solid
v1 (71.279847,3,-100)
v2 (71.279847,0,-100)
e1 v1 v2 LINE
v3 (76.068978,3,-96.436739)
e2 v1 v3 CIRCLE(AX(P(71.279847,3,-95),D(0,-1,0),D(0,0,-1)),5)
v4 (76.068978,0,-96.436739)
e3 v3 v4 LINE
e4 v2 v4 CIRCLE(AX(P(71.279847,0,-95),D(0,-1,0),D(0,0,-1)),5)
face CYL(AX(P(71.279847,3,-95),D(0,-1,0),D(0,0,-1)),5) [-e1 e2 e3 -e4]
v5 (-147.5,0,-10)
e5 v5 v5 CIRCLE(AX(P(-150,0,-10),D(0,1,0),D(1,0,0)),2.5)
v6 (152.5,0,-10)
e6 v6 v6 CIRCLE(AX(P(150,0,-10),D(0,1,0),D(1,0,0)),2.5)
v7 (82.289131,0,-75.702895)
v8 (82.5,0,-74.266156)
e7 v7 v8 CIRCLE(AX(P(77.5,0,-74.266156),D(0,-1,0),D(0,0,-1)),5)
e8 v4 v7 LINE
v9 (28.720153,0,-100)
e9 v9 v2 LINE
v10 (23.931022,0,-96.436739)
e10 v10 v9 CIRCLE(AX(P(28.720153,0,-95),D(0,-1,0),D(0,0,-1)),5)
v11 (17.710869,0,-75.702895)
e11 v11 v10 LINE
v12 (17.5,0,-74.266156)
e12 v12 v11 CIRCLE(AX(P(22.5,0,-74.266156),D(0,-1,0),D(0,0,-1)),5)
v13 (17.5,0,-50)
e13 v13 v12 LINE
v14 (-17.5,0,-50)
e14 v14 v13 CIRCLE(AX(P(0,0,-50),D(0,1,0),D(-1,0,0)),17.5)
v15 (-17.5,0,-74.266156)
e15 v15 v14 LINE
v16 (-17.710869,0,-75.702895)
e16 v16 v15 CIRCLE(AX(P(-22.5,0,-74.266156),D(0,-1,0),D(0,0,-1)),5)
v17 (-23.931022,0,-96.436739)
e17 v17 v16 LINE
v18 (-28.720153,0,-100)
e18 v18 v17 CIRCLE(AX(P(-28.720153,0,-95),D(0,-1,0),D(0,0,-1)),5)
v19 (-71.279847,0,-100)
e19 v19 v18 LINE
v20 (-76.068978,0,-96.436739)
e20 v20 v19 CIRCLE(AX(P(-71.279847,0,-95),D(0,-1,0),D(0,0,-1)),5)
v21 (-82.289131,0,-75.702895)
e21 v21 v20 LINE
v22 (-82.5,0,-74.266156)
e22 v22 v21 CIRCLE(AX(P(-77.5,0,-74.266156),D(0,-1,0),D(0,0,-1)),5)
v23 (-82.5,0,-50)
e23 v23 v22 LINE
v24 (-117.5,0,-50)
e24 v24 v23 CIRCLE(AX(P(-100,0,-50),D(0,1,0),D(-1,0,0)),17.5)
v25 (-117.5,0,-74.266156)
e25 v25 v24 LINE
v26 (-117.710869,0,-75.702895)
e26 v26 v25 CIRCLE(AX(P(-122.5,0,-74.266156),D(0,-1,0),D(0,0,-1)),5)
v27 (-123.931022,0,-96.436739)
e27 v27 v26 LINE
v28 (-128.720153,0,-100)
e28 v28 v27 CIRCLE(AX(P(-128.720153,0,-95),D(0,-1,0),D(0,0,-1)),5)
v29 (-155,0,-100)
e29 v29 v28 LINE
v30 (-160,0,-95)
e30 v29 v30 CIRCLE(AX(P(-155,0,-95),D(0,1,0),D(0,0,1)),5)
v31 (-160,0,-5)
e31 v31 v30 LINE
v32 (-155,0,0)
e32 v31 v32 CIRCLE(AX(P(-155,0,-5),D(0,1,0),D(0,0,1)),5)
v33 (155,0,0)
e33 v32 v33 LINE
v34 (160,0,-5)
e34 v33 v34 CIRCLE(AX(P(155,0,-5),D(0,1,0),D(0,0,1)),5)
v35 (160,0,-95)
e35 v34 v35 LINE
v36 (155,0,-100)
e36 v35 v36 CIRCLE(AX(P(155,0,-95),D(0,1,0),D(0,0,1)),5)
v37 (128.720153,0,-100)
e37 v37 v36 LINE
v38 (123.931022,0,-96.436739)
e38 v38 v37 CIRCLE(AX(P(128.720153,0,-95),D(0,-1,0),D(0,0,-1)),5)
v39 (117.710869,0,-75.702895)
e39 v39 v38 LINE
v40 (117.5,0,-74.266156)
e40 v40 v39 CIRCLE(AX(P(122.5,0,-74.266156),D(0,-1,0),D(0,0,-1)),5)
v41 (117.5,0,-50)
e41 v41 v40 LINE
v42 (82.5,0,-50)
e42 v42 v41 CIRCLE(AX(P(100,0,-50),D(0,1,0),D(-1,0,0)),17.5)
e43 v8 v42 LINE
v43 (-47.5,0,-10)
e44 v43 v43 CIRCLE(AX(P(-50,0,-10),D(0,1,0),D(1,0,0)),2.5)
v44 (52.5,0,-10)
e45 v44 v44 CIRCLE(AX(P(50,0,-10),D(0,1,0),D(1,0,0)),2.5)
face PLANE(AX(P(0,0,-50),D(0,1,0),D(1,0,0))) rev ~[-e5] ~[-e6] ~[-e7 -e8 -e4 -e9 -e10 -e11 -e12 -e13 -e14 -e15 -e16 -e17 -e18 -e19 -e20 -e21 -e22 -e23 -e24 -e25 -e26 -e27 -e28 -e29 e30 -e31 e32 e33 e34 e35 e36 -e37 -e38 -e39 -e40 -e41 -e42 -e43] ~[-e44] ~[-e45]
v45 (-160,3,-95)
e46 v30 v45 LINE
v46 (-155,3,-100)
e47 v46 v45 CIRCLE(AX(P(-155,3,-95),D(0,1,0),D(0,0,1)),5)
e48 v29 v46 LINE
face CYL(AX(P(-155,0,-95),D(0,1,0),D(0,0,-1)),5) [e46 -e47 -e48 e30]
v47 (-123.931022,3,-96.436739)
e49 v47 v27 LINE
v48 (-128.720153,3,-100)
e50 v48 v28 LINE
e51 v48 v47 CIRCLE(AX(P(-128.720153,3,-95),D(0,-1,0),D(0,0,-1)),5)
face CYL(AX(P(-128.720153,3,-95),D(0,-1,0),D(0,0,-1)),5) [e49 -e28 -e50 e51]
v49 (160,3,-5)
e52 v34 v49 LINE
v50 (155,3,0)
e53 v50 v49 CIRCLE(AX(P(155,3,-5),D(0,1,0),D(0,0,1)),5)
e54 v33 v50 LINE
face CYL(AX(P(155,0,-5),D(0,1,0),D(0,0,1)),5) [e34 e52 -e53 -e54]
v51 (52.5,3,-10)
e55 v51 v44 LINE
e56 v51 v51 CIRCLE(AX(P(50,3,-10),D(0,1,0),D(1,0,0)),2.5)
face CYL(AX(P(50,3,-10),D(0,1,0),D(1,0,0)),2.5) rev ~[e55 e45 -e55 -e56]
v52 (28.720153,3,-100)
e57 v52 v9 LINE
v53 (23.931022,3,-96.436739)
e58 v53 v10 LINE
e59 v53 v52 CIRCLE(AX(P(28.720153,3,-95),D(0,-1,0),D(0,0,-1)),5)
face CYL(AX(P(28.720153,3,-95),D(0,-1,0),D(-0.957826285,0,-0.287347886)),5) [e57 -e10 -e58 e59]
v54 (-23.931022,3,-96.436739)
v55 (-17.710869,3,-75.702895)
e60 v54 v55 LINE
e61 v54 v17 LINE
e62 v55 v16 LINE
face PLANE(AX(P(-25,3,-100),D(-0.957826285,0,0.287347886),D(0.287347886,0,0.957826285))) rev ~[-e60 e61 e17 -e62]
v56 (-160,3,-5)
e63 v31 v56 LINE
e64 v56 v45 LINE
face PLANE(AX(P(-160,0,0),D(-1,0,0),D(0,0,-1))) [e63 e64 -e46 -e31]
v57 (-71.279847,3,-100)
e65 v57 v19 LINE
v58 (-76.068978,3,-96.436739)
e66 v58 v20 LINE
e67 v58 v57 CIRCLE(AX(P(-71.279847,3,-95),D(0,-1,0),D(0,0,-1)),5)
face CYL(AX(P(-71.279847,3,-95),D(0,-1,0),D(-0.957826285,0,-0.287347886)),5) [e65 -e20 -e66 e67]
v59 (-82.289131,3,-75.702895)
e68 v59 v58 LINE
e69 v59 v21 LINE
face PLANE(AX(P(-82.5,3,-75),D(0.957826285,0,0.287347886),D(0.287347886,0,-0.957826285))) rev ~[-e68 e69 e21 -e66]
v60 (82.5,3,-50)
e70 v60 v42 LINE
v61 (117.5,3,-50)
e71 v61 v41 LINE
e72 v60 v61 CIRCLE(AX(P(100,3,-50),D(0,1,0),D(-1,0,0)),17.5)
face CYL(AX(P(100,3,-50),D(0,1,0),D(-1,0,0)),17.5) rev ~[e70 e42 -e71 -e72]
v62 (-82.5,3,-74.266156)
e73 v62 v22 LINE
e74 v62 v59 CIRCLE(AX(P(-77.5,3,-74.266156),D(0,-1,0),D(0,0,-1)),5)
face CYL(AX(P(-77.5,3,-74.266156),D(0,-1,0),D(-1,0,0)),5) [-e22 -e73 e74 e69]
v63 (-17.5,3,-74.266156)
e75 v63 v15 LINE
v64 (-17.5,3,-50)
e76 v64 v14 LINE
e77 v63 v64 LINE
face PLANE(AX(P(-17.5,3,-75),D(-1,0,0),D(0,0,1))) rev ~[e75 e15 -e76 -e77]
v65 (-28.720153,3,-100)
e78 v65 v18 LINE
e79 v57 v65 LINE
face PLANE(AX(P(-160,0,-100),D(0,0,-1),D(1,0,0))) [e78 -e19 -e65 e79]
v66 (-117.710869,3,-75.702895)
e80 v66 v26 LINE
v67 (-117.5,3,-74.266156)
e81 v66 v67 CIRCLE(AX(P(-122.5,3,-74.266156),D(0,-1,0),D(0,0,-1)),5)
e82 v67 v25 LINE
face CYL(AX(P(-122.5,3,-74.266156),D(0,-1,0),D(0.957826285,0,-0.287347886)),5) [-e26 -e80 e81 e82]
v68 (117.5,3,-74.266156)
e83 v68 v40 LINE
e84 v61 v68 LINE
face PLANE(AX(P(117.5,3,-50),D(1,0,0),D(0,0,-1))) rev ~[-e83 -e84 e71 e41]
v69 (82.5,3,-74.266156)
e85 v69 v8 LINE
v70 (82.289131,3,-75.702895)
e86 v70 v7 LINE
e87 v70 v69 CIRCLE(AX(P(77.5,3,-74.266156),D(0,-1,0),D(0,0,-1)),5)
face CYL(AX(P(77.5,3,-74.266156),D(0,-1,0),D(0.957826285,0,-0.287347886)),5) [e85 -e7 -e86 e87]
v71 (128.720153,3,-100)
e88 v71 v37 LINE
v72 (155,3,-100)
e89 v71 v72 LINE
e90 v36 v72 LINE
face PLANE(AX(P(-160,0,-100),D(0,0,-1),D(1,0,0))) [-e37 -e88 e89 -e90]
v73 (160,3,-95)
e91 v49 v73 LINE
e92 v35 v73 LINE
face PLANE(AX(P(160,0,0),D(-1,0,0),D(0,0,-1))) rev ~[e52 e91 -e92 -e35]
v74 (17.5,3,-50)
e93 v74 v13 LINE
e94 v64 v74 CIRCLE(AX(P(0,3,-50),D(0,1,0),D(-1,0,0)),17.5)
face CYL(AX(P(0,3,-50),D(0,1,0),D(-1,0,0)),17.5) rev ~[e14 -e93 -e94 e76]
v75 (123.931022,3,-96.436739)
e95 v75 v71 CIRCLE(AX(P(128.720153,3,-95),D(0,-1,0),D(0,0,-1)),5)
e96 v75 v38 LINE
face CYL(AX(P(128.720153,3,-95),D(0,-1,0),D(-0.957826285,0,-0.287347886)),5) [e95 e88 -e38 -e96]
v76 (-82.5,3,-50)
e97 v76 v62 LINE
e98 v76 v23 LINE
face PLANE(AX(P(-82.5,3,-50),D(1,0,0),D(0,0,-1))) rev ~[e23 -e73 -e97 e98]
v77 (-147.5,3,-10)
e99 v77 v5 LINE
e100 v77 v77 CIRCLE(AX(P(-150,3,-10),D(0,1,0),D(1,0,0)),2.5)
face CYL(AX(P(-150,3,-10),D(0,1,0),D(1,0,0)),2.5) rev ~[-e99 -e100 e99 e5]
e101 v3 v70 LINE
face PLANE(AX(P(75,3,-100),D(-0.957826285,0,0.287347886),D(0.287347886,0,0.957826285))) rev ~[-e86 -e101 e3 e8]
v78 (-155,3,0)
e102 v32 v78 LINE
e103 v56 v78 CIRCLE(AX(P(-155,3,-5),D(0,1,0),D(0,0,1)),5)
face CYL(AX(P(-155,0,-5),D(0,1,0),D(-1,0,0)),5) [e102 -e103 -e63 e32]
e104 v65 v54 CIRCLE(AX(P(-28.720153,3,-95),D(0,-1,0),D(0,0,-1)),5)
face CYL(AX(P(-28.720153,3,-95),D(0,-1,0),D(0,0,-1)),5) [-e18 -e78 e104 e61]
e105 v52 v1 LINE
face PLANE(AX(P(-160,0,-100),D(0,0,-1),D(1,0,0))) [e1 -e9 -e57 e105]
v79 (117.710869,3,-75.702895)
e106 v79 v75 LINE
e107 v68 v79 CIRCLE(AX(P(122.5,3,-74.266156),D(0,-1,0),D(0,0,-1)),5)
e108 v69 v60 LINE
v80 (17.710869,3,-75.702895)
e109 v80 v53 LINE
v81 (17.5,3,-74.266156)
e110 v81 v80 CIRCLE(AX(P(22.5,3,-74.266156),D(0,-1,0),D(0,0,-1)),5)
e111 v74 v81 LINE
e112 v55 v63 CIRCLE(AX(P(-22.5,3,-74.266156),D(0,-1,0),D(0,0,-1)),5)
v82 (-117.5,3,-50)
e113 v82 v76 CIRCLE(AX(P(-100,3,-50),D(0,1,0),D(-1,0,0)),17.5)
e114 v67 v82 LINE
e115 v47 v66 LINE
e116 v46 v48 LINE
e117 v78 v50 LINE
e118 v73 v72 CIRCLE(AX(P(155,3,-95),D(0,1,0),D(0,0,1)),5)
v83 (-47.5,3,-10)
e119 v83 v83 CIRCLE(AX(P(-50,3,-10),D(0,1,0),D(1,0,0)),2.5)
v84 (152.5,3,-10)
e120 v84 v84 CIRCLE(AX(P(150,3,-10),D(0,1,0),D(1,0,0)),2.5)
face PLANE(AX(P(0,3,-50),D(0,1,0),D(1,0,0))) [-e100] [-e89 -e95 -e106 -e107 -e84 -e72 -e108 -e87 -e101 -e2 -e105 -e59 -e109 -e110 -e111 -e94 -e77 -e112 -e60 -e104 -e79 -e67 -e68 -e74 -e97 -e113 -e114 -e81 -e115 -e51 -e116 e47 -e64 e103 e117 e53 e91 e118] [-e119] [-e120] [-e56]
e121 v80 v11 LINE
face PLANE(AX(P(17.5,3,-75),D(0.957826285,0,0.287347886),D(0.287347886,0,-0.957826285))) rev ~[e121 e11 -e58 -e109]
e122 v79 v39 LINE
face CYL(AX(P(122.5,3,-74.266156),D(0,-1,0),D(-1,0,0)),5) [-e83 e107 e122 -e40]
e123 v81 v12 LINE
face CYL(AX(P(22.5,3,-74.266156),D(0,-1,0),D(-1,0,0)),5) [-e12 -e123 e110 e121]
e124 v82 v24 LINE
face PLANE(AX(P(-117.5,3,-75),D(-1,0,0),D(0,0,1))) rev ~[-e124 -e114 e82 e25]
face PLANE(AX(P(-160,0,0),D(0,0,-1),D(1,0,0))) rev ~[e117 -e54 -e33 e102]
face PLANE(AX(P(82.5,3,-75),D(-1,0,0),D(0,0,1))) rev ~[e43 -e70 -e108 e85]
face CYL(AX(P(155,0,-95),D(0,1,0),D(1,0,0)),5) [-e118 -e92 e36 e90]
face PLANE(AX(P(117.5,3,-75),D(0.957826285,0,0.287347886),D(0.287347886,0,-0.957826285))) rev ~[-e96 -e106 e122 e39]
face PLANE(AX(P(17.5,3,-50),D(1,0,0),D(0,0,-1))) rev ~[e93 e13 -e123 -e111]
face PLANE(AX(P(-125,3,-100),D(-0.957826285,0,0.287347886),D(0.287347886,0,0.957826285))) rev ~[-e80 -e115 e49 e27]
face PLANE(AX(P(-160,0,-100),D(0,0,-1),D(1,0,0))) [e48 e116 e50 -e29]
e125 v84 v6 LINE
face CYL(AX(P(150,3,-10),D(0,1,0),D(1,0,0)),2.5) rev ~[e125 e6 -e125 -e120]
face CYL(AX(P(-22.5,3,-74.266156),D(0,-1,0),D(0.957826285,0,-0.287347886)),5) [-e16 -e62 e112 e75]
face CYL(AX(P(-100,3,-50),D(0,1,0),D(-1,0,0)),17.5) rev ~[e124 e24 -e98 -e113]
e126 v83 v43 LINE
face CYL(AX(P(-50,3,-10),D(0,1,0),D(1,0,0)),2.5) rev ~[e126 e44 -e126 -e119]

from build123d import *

# Parameters (mm, degrees)
SKETCH1_W              = 320
SKETCH1_H              = 100
BOSS_EXTRUDE1_DEPTH    = 3
SKETCH2_R              = 2.5
CUT_EXTRUDE1_DEPTH     = 4
LPATTERN1_COUNT        = 4
LPATTERN1_PITCH        = 100
CUT_EXTRUDE2_DEPTH     = 4
FILLET1_R              = 5
LPATTERN2_COUNT        = 3
LPATTERN2_PITCH        = 100
FILLET1_OF_LPATTERN2_R = 5
FILLET2_R              = 5


with BuildPart() as part:
    # Sketch1 → Boss-Extrude1 (new body)
    with BuildSketch(Plane(origin=(0, 0, 0), x_dir=(1, 0, 0), z_dir=(0, 1, 0))):
        with Locations((0, 50)):
            Rectangle(SKETCH1_W, SKETCH1_H)
    extrude(amount=BOSS_EXTRUDE1_DEPTH)

    # Sketch2 → Cut-Extrude1 (cut, through all)
    with BuildSketch(Plane(origin=(0, 3, 0), x_dir=(1, 0, 0), z_dir=(0, 1, 0))):
        with Locations((-150, 10)):
            Circle(SKETCH2_R)
    cut_extrude1 = extrude(amount=-CUT_EXTRUDE1_DEPTH, mode=Mode.SUBTRACT)

    # LPattern1: Cut-Extrude1 ×4
    with Locations(*[(i * LPATTERN1_PITCH, 0, 0) for i in range(1, LPATTERN1_COUNT)]):
        add(cut_extrude1, mode=Mode.SUBTRACT)

    # Sketch3 → Cut-Extrude2 (cut, through all)
    with BuildSketch(Plane(origin=(0, 3, 0), x_dir=(1, 0, 0), z_dir=(0, 1, 0))):
        with BuildLine():
            Line((-125, 100), (-117.5, 75))
            Line((-117.5, 75), (-117.5, 50))
            ThreePointArc((-117.5, 50), (-100, 32.5), (-82.5, 50))
            Line((-82.5, 50), (-82.5, 75))
            Line((-82.5, 75), (-75, 100))
            Line((-75, 100), (-125, 100))
        make_face()
    cut_extrude2 = extrude(amount=-CUT_EXTRUDE2_DEPTH, mode=Mode.SUBTRACT)

    # Fillet1
    fillet1_edges = [part.edges().sort_by_distance(p)[0] for p in [
        (-125, 1.5, -100),
        (-75, 1.5, -100),
        (-82.5, 1.5, -75),
        (-117.5, 1.5, -75),
    ]]
    fillet(fillet1_edges, radius=FILLET1_R)

    # LPattern2: Cut-Extrude2 ×3
    with Locations(*[(i * LPATTERN2_PITCH, 0, 0) for i in range(1, LPATTERN2_COUNT)]):
        add(cut_extrude2, mode=Mode.SUBTRACT)

    # Fillet1 of LPattern2
    fillet1_of_lpattern2_edges = [part.edges().sort_by_distance(p)[0] for p in [
        (-25, 1.5, -100),
        (25, 1.5, -100),
        (17.5, 1.5, -75),
        (-17.5, 1.5, -75),
        (75, 1.5, -100),
        (125, 1.5, -100),
        (117.5, 1.5, -75),
        (82.5, 1.5, -75),
    ]]
    fillet(fillet1_of_lpattern2_edges, radius=FILLET1_OF_LPATTERN2_R)

    # Fillet2
    fillet2_edges = [part.edges().sort_by_distance(p)[0] for p in [
        (-160, 1.5, -100),
        (160, 1.5, -100),
        (160, 1.5, 0),
        (-160, 1.5, 0),
    ]]
    fillet(fillet2_edges, radius=FILLET2_R)


solid = part.part
